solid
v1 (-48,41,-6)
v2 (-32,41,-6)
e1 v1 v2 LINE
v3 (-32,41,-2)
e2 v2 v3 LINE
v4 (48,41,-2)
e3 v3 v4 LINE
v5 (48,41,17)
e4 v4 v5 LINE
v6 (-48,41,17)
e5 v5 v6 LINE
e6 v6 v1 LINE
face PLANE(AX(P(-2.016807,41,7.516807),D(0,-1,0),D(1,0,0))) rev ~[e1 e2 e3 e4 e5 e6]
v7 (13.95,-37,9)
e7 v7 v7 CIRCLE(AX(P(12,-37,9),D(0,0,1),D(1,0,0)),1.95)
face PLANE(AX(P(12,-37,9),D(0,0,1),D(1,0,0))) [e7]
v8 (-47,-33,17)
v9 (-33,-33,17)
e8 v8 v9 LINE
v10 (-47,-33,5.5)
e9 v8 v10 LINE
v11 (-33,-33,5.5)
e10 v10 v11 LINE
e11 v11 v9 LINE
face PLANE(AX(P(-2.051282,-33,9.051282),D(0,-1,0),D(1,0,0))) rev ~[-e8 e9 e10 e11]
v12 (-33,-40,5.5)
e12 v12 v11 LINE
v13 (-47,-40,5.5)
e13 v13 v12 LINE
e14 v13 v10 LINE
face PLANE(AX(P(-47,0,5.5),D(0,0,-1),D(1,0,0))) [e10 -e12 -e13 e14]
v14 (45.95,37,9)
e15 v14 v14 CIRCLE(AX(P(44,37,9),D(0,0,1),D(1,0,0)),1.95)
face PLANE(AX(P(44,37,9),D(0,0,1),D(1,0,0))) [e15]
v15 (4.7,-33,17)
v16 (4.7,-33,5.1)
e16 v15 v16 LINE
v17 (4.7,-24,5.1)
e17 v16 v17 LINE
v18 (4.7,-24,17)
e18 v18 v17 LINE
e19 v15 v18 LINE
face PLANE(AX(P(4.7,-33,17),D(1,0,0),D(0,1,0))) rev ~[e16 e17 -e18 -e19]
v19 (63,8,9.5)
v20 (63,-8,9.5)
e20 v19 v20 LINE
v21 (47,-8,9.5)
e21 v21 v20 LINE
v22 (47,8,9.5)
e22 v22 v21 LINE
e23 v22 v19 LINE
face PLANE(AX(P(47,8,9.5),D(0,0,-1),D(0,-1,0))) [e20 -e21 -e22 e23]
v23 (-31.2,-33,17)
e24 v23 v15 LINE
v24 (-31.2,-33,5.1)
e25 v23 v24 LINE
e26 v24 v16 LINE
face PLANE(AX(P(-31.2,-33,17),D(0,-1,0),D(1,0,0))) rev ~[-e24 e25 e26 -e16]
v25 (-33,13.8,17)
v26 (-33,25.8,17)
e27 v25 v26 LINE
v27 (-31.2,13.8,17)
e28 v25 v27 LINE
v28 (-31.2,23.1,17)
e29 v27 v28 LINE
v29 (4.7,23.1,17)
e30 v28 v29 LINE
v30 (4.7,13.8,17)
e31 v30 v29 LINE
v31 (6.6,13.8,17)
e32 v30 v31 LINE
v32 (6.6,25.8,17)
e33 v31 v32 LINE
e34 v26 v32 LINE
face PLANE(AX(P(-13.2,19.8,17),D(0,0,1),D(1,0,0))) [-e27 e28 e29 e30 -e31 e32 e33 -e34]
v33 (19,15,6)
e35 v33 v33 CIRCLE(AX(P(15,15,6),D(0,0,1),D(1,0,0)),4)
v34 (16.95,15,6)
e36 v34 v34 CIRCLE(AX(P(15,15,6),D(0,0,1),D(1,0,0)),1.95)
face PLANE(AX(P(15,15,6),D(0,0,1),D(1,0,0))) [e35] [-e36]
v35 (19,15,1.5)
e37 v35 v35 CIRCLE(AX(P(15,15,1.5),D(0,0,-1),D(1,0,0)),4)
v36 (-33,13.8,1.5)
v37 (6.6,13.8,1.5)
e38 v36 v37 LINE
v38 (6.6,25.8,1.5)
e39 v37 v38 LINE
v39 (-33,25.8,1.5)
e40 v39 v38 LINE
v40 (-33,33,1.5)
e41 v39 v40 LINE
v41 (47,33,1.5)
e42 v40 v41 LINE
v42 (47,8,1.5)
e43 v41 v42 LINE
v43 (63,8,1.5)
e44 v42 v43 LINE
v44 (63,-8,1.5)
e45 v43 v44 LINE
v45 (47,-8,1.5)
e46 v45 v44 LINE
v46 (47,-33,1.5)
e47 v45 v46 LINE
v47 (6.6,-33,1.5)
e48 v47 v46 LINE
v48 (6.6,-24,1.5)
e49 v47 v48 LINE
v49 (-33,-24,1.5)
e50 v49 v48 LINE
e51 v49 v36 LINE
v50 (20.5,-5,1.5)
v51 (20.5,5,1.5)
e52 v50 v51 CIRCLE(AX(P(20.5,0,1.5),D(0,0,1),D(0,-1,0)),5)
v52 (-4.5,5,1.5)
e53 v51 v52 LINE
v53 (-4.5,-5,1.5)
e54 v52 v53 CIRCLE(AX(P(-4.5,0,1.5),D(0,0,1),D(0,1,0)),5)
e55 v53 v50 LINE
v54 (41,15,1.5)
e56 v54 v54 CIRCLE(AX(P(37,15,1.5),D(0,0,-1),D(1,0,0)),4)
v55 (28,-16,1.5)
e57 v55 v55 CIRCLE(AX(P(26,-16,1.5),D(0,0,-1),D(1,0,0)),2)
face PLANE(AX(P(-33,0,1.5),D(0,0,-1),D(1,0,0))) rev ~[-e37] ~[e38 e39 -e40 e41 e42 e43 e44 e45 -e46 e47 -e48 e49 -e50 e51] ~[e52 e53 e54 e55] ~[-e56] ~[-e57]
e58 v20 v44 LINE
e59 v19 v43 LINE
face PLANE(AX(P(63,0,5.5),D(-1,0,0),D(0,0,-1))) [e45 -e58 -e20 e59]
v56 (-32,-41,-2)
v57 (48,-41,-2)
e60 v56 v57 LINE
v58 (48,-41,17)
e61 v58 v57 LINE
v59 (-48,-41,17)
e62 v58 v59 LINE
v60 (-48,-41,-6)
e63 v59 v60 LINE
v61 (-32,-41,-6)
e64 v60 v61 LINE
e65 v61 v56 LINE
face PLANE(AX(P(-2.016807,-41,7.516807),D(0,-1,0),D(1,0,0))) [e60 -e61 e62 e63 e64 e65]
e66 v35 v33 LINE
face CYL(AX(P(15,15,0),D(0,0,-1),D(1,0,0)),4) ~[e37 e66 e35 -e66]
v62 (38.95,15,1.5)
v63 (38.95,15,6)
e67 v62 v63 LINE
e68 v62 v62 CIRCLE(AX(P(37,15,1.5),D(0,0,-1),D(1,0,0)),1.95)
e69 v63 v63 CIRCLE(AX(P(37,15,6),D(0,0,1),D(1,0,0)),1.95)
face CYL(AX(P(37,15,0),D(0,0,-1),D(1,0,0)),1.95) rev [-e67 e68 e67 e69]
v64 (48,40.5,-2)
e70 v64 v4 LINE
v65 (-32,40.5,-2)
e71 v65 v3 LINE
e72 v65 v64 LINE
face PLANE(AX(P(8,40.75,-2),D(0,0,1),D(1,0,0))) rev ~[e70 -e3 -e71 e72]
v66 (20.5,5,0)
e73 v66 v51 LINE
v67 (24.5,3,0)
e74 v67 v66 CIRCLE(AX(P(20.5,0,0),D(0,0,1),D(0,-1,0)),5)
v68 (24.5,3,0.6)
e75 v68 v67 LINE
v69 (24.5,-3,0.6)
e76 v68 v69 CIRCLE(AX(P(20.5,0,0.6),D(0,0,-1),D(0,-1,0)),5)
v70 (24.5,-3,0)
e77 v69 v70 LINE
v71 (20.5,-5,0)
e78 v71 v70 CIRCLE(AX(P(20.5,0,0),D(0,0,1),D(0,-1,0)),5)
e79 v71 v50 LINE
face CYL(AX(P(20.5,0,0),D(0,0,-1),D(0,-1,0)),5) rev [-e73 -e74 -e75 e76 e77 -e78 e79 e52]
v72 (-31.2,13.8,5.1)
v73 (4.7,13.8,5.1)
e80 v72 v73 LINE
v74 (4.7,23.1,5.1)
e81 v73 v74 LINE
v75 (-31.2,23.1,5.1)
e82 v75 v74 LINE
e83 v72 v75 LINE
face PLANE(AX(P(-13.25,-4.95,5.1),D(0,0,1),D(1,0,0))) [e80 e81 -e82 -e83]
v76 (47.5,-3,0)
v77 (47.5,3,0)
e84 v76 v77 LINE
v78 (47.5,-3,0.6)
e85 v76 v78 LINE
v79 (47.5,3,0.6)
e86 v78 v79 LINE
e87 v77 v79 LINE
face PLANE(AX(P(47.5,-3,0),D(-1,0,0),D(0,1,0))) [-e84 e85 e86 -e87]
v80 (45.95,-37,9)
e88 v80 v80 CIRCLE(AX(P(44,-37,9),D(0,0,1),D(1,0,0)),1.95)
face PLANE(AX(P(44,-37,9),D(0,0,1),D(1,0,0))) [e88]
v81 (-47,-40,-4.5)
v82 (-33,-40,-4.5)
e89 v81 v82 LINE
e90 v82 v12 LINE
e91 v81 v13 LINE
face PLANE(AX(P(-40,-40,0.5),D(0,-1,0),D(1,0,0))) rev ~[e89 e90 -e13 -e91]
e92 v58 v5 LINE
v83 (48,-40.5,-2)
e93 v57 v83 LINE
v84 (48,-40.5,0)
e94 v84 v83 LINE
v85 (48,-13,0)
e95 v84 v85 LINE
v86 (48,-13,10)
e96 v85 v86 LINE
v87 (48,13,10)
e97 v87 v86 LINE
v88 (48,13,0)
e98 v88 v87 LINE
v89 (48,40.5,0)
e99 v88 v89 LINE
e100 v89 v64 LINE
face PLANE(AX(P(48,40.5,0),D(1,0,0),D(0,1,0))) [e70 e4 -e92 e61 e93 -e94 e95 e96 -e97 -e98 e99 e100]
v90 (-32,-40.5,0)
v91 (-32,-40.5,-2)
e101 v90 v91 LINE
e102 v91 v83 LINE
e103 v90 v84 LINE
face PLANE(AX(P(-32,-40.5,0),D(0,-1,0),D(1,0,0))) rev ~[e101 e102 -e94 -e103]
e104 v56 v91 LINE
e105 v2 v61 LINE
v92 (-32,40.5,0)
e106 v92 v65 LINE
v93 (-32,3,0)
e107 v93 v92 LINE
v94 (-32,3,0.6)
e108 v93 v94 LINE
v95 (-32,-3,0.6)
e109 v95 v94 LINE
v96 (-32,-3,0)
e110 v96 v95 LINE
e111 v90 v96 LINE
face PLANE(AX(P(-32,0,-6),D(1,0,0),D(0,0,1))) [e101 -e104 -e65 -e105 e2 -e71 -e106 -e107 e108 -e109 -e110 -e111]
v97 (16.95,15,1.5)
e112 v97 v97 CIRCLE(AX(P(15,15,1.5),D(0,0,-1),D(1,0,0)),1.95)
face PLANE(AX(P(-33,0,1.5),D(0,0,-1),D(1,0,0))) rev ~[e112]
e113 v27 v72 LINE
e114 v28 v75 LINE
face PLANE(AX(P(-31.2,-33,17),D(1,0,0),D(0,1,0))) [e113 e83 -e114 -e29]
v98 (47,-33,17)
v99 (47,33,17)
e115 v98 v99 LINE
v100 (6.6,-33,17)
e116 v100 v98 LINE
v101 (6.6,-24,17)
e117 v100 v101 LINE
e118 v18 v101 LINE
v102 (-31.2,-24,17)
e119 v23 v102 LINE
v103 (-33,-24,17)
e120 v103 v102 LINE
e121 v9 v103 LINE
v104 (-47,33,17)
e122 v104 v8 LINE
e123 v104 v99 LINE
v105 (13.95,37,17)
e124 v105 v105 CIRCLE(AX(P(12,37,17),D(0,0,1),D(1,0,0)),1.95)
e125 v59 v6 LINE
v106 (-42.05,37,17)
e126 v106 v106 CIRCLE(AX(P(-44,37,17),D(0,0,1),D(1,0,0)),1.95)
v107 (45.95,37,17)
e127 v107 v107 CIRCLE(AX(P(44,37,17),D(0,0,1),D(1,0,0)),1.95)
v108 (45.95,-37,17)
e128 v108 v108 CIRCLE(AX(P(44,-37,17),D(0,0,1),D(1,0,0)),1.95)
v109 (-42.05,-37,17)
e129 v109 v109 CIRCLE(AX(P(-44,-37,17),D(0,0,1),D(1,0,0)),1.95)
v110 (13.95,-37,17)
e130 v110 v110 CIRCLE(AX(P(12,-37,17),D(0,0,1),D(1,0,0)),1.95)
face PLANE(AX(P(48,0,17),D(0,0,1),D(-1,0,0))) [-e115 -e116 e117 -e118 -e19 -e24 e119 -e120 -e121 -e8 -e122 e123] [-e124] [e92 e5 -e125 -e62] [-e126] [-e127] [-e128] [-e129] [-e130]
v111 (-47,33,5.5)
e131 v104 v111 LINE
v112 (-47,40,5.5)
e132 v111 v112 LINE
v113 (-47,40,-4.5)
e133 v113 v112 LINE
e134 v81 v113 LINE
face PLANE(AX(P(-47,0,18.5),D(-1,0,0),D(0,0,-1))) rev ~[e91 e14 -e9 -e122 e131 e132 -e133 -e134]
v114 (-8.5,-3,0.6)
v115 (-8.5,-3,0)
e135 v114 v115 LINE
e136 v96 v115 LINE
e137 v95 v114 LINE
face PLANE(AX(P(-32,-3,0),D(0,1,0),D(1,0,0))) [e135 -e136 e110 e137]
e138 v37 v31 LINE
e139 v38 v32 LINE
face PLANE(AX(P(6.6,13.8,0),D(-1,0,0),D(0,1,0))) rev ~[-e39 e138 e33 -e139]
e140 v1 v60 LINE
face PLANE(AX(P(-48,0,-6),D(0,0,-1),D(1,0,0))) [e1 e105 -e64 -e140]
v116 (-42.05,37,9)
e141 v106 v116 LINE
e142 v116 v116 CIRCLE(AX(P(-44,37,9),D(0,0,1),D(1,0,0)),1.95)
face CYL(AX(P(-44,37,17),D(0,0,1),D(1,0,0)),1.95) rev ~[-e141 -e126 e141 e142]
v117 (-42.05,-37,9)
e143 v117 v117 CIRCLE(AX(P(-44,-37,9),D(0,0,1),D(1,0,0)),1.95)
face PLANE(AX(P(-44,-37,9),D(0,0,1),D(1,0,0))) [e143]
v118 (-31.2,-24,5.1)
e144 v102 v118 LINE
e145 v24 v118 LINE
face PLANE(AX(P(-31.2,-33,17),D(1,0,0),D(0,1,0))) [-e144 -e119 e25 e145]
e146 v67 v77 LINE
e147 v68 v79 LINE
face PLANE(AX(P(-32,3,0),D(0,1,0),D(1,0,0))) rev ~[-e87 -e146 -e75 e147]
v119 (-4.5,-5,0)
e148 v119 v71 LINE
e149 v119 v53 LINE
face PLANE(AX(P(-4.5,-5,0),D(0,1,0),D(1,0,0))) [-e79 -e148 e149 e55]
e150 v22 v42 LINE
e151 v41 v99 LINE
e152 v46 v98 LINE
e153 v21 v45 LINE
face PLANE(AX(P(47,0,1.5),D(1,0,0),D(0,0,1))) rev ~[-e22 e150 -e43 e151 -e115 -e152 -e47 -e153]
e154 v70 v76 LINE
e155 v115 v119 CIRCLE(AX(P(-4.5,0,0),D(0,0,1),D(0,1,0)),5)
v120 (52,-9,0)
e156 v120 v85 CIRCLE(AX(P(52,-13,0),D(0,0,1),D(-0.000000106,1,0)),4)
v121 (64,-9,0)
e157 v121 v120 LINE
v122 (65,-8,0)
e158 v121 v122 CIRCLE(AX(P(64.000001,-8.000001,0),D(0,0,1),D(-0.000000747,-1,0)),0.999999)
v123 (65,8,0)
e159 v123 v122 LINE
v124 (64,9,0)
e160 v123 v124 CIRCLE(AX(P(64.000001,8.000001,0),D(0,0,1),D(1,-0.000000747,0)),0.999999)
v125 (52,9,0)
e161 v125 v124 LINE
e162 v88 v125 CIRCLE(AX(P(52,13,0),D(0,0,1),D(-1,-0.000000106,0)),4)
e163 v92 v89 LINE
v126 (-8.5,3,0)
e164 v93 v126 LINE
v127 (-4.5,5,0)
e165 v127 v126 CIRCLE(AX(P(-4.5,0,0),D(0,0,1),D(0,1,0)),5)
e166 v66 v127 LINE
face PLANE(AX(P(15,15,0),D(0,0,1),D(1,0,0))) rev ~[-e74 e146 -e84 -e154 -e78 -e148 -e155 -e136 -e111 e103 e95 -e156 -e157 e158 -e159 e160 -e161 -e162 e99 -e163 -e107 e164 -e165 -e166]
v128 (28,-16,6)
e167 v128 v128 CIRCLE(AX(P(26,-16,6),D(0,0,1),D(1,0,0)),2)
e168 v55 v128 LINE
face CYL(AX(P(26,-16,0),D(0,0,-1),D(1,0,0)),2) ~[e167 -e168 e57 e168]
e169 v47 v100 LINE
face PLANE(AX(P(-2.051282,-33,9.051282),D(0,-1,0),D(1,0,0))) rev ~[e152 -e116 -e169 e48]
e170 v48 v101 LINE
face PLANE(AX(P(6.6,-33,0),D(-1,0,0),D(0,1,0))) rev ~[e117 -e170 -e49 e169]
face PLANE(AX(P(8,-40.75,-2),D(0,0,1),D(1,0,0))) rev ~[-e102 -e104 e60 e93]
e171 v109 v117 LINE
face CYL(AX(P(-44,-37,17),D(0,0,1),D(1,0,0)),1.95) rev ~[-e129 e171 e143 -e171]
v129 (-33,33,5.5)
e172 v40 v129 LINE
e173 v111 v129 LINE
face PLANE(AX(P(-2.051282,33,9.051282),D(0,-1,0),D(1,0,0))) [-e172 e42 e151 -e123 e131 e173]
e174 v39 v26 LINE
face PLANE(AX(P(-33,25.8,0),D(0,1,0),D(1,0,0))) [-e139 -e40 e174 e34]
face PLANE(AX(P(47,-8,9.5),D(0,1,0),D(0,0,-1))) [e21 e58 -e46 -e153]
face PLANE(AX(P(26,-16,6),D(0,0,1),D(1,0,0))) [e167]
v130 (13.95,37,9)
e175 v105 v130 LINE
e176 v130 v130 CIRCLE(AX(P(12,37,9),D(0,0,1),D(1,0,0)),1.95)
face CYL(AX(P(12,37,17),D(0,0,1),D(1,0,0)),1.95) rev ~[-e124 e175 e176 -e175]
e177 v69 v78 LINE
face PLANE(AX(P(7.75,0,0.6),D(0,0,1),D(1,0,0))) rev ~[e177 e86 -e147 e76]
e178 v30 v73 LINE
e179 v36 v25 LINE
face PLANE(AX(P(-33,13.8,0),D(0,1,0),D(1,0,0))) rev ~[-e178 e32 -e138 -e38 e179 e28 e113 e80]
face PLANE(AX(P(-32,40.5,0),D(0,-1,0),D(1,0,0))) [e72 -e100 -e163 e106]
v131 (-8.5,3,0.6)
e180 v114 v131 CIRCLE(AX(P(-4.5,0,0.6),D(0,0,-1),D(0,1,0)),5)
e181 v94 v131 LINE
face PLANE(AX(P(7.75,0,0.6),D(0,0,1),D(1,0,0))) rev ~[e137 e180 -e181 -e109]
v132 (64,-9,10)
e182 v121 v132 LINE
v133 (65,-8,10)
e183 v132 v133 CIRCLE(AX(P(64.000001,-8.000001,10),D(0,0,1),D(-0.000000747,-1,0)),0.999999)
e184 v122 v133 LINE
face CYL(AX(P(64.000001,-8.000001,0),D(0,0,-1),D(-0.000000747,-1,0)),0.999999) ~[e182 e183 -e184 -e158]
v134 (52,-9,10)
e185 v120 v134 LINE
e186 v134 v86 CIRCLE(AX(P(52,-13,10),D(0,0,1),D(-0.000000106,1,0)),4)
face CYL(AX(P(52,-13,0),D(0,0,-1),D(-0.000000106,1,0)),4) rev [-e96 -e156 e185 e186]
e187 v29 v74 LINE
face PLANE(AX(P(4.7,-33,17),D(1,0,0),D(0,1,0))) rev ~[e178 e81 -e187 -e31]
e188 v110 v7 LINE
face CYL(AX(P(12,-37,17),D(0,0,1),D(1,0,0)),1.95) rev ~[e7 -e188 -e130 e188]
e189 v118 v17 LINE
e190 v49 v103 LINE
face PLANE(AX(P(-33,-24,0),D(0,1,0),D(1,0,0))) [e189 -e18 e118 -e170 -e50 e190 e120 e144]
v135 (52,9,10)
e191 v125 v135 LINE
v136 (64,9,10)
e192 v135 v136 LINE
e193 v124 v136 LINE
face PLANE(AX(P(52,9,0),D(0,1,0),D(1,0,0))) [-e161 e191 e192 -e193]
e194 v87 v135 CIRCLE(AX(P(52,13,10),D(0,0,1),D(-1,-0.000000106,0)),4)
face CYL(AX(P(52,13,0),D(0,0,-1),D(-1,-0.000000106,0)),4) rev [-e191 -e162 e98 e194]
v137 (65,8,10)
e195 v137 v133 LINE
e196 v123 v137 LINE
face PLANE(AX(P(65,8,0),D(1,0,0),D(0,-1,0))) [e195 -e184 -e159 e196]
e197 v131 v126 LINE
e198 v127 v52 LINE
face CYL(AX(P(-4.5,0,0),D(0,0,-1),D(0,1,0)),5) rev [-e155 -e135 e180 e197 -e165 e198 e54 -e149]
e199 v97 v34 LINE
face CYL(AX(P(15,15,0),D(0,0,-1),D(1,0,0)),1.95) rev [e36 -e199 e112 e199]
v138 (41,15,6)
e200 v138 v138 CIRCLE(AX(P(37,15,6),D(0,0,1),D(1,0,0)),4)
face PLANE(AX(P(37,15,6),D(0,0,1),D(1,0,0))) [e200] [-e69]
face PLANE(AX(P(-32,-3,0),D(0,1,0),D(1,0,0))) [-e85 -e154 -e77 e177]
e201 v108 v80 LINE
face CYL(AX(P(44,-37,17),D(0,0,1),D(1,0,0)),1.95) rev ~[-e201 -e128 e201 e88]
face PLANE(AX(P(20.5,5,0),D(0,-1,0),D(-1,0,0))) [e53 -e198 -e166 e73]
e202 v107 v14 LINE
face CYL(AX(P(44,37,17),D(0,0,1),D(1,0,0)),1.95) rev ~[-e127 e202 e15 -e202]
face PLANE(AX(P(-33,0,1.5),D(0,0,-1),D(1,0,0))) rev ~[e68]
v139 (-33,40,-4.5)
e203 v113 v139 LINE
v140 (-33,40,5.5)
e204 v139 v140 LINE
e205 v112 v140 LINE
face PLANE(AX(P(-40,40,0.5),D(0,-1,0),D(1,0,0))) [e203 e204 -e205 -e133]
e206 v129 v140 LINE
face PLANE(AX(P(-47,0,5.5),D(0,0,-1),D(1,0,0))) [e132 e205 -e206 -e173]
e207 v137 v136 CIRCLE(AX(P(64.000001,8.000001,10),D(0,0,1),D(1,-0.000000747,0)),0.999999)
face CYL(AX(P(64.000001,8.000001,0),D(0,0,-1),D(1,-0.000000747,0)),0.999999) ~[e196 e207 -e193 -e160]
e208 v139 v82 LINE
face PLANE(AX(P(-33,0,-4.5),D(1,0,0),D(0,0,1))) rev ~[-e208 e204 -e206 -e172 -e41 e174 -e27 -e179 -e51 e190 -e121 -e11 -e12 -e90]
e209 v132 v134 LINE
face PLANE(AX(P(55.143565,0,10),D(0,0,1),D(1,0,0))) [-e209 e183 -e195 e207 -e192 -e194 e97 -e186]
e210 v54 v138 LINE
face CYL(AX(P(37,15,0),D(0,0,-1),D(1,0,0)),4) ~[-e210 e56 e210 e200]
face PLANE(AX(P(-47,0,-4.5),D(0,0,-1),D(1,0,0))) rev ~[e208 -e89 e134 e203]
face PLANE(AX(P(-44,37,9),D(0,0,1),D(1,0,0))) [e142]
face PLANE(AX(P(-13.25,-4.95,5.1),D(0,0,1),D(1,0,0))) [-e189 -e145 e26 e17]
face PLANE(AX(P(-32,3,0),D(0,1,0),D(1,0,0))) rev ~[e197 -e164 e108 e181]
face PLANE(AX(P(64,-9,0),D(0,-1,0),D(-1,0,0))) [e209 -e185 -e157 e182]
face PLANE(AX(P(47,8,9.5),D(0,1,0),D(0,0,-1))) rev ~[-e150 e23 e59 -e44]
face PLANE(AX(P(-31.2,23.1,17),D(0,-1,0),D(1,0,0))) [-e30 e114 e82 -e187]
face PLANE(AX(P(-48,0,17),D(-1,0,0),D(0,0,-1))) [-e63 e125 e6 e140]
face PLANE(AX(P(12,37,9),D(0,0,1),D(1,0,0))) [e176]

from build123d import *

# Parameters (mm, degrees)
PAD_DEPTH       = 41
POCKET_DEPTH    = 33
POCKET001_DEPTH = 1.5
SKETCH007_R     = 4
SKETCH007_R_2   = 1.95
SKETCH007_R_3   = 2
PAD005_DEPTH    = 6
SKETCH008_W     = 14
SKETCH008_H     = 10
POCKET002_DEPTH = 40
SKETCH013_R     = 1.95
POCKET003_DEPTH = 8
SKETCH018_W     = 39.6
SKETCH018_H     = 12
SKETCH018_H_2   = 9
PAD012_DEPTH    = 17
SKETCH019_W     = 35.9
SKETCH019_H     = 56.1
POCKET006_DEPTH = 11.9
SKETCH023_W     = 79.5
SKETCH023_H     = 6
POCKET007_DEPTH = 0.6
SKETCH024_W     = 80
SKETCH024_H     = 0.5
PAD016_DEPTH    = 2
PAD017_DEPTH    = 10
SKETCH026_W     = 8
SKETCH026_H     = 16
POCKET008_DEPTH = 16


with BuildPart() as part:
    # Sketch → Pad (new body, symmetric)
    with BuildSketch(Plane.XZ):
        Polygon((-48, 17), (-48, -6), (-32, -6), (-32, 0), (48, 0), (48, 17), align=None)
    extrude(amount=PAD_DEPTH, both=True)

    # Sketch001 → Pocket (cut, symmetric)
    with BuildSketch(Plane.XZ):
        Polygon((-33, 1.5), (47, 1.5), (47, 18.5), (-47, 18.5), (-47, -4.5), (-33, -4.5), align=None)
    extrude(amount=POCKET_DEPTH, both=True, mode=Mode.SUBTRACT)

    # Sketch004 → Pocket001 (cut)
    with BuildSketch(Plane.XY):
        with BuildLine():
            ThreePointArc((-4.5, 5), (-9.5, 0), (-4.5, -5))
            Line((-4.5, -5), (20.5, -5))
            ThreePointArc((20.5, -5), (25.5, 0), (20.5, 5))
            Line((20.5, 5), (-4.5, 5))
        make_face()
    extrude(amount=POCKET001_DEPTH, mode=Mode.SUBTRACT)

    # Sketch007 → Pad005 (join)
    with BuildSketch(Plane.XY):
        with Locations((15, 15)):
            Circle(SKETCH007_R)
        with Locations((15, 15)):
            Circle(SKETCH007_R_2, mode=Mode.SUBTRACT)
        with Locations((37, 15)):
            Circle(SKETCH007_R)
        with Locations((37, 15)):
            Circle(SKETCH007_R_2, mode=Mode.SUBTRACT)
        with Locations((26, -16)):
            Circle(SKETCH007_R_3)
    extrude(amount=PAD005_DEPTH)

    # Sketch008 → Pocket002 (cut, symmetric)
    with BuildSketch(Plane.XZ):
        with Locations((-40, 0.5)):
            Rectangle(SKETCH008_W, SKETCH008_H)
    extrude(amount=POCKET002_DEPTH, both=True, mode=Mode.SUBTRACT)

    # Sketch013 (on DatumPlane) → Pocket003 (cut)
    with BuildSketch(Plane.XY.offset(17)):
        with Locations((-44, 37)):
            Circle(SKETCH013_R)
        with Locations((12, 37)):
            Circle(SKETCH013_R)
        with Locations((44, 37)):
            Circle(SKETCH013_R)
        with Locations((44, -37)):
            Circle(SKETCH013_R)
        with Locations((12, -37)):
            Circle(SKETCH013_R)
        with Locations((-44, -37)):
            Circle(SKETCH013_R)
    extrude(amount=-POCKET003_DEPTH, mode=Mode.SUBTRACT)

    # Sketch018 → Pad012 (join)
    with BuildSketch(Plane.XY):
        with Locations((-13.2, 19.8)):
            Rectangle(SKETCH018_W, SKETCH018_H)
        with Locations((-13.2, -28.5)):
            Rectangle(SKETCH018_W, SKETCH018_H_2)
    extrude(amount=PAD012_DEPTH)

    # Sketch019 (on DatumPlane) → Pocket006 (cut)
    with BuildSketch(Plane.XY.offset(17)):
        with Locations((-13.25, -4.95)):
            Rectangle(SKETCH019_W, SKETCH019_H)
    extrude(amount=-POCKET006_DEPTH, mode=Mode.SUBTRACT)

    # Sketch023 → Pocket007 (cut)
    with BuildSketch(Plane.XY):
        with Locations((7.75, 0)):
            Rectangle(SKETCH023_W, SKETCH023_H)
    extrude(amount=POCKET007_DEPTH, mode=Mode.SUBTRACT)

    # Sketch024 → Pad016 (join)
    with BuildSketch(Plane.XY):
        with Locations((8, 40.75)):
            Rectangle(SKETCH024_W, SKETCH024_H)
        with Locations((8, -40.75)):
            Rectangle(SKETCH024_W, SKETCH024_H)
    extrude(amount=-PAD016_DEPTH)

    # Sketch025 → Pad017 (join)
    with BuildSketch(Plane.XY):
        with BuildLine():
            Line((48, 13), (48, -13))
            ThreePointArc((52, -9), (49.171573, -10.171573), (48, -13))
            Line((64, -9), (52, -9))
            ThreePointArc((64, -9), (64.707107, -8.707107), (65, -8))
            Line((65, 8), (65, -8))
            ThreePointArc((65, 8), (64.707107, 8.707107), (64, 9))
            Line((52, 9), (64, 9))
            ThreePointArc((48, 13), (49.171573, 10.171573), (52, 9))
        make_face()
    extrude(amount=PAD017_DEPTH)

    # Sketch026 (on Face12 of Pad017) → Pocket008 (cut)
    with BuildSketch(Plane(origin=(47, 0, 0), x_dir=(0, 0, -1), z_dir=(-1, 0, 0))):
        with Locations((-5.5, 0)):
            Rectangle(SKETCH026_W, SKETCH026_H)
    extrude(amount=-POCKET008_DEPTH, mode=Mode.SUBTRACT)


solid = part.part
